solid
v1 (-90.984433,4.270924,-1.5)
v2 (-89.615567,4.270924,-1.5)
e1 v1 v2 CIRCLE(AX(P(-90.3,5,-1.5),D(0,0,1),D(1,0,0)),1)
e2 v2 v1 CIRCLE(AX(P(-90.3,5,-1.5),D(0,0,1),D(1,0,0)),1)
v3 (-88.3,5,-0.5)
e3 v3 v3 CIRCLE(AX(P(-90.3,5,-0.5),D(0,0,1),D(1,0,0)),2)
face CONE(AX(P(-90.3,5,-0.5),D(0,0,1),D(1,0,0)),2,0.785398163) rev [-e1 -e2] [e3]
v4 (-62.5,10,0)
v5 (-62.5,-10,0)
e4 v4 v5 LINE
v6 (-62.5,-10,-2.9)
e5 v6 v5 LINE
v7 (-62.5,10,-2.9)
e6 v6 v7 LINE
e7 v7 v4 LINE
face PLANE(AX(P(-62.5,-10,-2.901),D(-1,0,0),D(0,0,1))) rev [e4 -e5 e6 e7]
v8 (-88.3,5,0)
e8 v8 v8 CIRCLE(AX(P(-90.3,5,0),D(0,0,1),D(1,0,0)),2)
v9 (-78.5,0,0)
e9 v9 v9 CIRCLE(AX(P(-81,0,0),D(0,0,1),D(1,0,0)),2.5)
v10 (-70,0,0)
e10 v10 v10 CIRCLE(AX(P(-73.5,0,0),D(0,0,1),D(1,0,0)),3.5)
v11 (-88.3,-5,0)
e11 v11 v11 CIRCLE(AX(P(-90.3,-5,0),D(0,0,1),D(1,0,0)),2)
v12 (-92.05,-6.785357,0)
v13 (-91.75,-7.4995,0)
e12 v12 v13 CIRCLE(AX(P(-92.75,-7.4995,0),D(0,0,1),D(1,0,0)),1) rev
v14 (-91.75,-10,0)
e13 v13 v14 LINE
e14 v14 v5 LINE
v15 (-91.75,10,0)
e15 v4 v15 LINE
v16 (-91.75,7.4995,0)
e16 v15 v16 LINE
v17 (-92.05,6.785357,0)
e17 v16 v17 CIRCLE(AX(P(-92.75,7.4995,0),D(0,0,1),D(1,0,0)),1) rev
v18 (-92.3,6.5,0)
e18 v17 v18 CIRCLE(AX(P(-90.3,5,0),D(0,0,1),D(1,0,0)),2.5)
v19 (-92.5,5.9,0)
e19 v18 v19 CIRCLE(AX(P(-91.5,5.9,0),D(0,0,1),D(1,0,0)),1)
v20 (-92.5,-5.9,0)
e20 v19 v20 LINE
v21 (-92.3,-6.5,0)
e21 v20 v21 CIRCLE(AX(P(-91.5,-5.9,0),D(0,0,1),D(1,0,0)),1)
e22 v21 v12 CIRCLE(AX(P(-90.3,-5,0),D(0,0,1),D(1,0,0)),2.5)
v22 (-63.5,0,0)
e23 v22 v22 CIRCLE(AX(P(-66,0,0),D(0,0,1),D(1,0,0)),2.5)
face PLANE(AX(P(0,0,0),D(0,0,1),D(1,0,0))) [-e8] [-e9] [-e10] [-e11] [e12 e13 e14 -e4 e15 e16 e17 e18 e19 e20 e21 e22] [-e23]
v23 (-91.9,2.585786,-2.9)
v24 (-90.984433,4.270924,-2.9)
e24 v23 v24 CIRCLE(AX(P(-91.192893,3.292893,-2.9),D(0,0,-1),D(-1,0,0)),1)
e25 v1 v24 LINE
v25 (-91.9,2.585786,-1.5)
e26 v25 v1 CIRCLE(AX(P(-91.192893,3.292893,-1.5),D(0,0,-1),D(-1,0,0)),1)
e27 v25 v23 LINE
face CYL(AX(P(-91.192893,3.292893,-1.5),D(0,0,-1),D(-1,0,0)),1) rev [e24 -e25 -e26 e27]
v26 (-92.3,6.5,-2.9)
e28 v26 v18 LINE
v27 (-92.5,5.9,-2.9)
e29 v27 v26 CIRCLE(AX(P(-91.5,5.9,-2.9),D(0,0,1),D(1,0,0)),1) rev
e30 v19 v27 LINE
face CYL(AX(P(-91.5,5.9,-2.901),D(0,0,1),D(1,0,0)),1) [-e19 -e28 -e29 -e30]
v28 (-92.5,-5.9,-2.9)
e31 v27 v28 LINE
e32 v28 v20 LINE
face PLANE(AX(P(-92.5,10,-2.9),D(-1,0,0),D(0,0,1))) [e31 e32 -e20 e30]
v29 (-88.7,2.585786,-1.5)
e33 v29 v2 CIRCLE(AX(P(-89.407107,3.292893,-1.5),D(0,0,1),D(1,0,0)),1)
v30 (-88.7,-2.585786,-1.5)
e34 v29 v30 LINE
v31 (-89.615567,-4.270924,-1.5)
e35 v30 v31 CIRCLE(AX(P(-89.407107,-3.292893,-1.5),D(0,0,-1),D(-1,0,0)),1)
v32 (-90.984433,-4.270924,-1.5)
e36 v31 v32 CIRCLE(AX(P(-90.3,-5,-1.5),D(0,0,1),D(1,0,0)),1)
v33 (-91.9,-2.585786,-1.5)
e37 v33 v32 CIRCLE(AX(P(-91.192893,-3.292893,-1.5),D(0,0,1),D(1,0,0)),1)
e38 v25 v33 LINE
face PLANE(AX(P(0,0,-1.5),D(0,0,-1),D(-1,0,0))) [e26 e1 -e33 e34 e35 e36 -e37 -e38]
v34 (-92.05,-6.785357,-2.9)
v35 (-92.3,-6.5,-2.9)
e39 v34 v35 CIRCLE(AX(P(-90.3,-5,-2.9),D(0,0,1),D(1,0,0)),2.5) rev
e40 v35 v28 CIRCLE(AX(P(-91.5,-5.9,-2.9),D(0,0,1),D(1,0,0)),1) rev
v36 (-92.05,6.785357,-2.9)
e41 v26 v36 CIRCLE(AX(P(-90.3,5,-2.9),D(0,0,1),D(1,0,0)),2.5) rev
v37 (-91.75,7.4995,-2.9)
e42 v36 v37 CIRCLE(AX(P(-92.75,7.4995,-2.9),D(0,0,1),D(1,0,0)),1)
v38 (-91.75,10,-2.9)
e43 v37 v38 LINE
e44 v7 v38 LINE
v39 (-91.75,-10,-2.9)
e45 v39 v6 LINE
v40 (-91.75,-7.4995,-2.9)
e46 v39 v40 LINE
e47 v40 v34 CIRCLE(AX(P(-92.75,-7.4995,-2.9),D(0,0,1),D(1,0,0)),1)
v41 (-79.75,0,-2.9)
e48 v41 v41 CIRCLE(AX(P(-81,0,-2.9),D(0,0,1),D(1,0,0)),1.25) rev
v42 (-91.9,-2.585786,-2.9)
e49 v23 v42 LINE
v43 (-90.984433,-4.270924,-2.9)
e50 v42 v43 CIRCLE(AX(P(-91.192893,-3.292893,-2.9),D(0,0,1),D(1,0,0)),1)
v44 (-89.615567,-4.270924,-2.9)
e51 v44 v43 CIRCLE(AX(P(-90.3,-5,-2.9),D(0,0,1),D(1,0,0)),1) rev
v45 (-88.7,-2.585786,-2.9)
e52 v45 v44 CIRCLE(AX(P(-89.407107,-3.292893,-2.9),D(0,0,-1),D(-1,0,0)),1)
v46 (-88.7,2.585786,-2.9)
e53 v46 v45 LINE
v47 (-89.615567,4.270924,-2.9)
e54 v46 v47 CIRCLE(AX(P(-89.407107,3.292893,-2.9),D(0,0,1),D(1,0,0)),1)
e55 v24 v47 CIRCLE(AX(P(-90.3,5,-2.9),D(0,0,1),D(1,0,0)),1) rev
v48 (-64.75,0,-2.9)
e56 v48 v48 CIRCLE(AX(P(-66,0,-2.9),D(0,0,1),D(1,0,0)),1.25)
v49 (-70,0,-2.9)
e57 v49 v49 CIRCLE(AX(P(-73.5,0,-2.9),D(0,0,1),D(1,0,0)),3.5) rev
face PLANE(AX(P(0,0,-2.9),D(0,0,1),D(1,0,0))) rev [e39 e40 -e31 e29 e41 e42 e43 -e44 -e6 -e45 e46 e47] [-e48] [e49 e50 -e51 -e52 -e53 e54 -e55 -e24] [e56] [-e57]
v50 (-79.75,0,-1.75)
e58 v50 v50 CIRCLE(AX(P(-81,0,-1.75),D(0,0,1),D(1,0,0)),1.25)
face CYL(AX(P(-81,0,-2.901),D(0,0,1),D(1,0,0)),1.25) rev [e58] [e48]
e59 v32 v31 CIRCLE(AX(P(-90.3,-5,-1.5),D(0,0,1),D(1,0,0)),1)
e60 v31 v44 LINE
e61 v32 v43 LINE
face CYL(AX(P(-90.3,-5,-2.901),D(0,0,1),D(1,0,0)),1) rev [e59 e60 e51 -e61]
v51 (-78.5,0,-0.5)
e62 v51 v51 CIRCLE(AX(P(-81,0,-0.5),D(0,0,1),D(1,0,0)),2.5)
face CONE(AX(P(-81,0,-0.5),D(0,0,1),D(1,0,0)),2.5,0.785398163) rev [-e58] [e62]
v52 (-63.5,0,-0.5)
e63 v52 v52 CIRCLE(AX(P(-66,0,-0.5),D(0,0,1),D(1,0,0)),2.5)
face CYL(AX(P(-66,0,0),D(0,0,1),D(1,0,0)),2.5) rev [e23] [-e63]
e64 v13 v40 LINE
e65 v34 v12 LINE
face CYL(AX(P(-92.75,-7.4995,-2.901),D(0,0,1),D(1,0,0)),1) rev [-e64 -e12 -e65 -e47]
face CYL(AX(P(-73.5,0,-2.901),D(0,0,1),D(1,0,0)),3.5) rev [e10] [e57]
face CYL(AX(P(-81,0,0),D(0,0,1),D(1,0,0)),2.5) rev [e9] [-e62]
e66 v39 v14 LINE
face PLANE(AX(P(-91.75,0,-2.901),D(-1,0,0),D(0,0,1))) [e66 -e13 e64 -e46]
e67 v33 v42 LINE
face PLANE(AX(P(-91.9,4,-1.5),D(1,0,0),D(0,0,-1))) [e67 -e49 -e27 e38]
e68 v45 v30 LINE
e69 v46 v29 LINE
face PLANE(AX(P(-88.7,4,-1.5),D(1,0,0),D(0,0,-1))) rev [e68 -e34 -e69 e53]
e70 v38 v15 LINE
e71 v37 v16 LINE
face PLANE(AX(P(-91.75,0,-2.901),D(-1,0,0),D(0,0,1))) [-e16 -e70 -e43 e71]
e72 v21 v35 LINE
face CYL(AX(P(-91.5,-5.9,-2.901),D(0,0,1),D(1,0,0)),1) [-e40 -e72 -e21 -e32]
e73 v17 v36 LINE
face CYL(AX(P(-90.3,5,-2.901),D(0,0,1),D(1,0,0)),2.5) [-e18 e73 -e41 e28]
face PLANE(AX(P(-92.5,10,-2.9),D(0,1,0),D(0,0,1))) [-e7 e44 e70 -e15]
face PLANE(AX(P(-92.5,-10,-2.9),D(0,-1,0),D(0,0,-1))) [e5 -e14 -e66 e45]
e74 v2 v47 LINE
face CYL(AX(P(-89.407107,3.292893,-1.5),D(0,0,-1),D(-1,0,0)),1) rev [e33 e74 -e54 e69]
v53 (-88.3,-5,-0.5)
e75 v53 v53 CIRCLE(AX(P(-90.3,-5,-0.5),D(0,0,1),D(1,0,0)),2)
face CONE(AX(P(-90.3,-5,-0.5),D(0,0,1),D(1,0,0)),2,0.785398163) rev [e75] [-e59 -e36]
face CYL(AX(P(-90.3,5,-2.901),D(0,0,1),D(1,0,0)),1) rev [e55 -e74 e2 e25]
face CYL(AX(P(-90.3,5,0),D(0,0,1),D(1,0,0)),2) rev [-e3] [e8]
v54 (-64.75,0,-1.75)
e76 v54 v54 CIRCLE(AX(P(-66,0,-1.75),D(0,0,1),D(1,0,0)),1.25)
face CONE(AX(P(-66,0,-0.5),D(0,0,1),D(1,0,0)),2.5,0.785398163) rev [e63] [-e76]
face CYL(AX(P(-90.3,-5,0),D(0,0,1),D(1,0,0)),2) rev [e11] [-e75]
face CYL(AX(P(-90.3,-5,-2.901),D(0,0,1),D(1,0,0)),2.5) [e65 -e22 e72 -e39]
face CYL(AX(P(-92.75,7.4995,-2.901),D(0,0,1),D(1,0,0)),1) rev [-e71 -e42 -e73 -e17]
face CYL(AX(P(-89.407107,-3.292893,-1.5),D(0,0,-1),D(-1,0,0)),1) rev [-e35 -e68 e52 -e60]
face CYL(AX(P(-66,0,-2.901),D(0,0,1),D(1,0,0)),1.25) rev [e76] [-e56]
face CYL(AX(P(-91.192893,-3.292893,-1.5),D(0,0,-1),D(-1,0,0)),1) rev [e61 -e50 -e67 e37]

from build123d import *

# Parameters (mm, degrees)
SKETCH1_W                                      = 185
SKETCH1_H                                      = 20
BASE_SHAPE_DEPTH                               = 2.9
MOTOR_CUTOUTS_REACH                            = 95.084
SKETCH2_R                                      = 1.25
SKETCH2_R_2                                    = 3.5
SKETCH2_R_3                                    = 5
MOTOR_M2_5_COUNTERSUNKS_AT_2_COUNT             = 2
MOTOR_M2_5_COUNTERSUNKS_AT_2_PITCH             = 15
MOTOR_M2_5_COUNTERSUNKS_AT_3_COUNT             = 2
MOTOR_M2_5_COUNTERSUNKS_AT_3_PITCH             = 147.666008275
MOTOR_M2_5_COUNTERSUNKS_AT_4_COUNT             = 2
MOTOR_M2_5_COUNTERSUNKS_AT_4_PITCH             = 161.651631603
MOTOR_M2_5_COUNTERSUNKS_AT_5_COUNT             = 2
MOTOR_M2_5_COUNTERSUNKS_AT_5_PITCH             = 147.666008275
MOTOR_M2_5_COUNTERSUNKS_AT_6_COUNT             = 2
MOTOR_M2_5_COUNTERSUNKS_AT_6_PITCH             = 161.651631603
PCB_SLOT_DEPTH                                 = 0.775
END_PLATE_HOLES_REACH                          = 95.084
SKETCH6_R                                      = 1
CSK_FOR_M2_FLAT_HEAD_MACHINE_SCREW3_AT_2_COUNT = 2
CSK_FOR_M2_FLAT_HEAD_MACHINE_SCREW3_AT_2_PITCH = 10
CSK_FOR_M2_FLAT_HEAD_MACHINE_SCREW3_AT_3_COUNT = 2
CSK_FOR_M2_FLAT_HEAD_MACHINE_SCREW3_AT_3_PITCH = 180.6
CSK_FOR_M2_FLAT_HEAD_MACHINE_SCREW3_AT_4_COUNT = 2
CSK_FOR_M2_FLAT_HEAD_MACHINE_SCREW3_AT_4_PITCH = 180.876643047
TAP_SLOTS_DEPTH                                = 1.4
CUT_EXTRUDE3_REACH                             = 95.084
FILLET1_R                                      = 1
CUT_EXTRUDE4_REACH                             = 95.084
SKETCH14_W                                     = 155
SKETCH14_H                                     = 20


with BuildPart() as part:
    # Sketch1 → Base shape (new body)
    with BuildSketch(Plane.XY):
        Rectangle(SKETCH1_W, SKETCH1_H)
    extrude(amount=-BASE_SHAPE_DEPTH)

    # Sketch2 → Motor cutouts (cut, up to next)
    with BuildSketch(Plane.XY, mode=Mode.PRIVATE) as motor_cutouts_sk1:
        with Locations((-81, 0)):
            Circle(SKETCH2_R)
    motor_cutouts_tool1 = extrude(motor_cutouts_sk1.sketch, amount=-MOTOR_CUTOUTS_REACH, mode=Mode.PRIVATE) & part.part
    # Sketch2 → Motor cutouts (cut, up to next)
    with BuildSketch(Plane.XY, mode=Mode.PRIVATE) as motor_cutouts_sk2:
        with Locations((-66, 0)):
            Circle(SKETCH2_R)
    motor_cutouts_tool2 = extrude(motor_cutouts_sk2.sketch, amount=-MOTOR_CUTOUTS_REACH, mode=Mode.PRIVATE) & part.part
    # Sketch2 → Motor cutouts (cut, up to next)
    with BuildSketch(Plane.XY, mode=Mode.PRIVATE) as motor_cutouts_sk3:
        with Locations((-73.5, 0)):
            Circle(SKETCH2_R_2)
    motor_cutouts_tool3 = extrude(motor_cutouts_sk3.sketch, amount=-MOTOR_CUTOUTS_REACH, mode=Mode.PRIVATE) & part.part
    # Sketch2 → Motor cutouts (cut, up to next)
    with BuildSketch(Plane.XY, mode=Mode.PRIVATE) as motor_cutouts_sk4:
        with Locations((73.5, 0)):
            Circle(SKETCH2_R_3)
    motor_cutouts_tool4 = extrude(motor_cutouts_sk4.sketch, amount=-MOTOR_CUTOUTS_REACH, mode=Mode.PRIVATE) & part.part
    # Sketch2 → Motor cutouts (cut, up to next)
    with BuildSketch(Plane.XY, mode=Mode.PRIVATE) as motor_cutouts_sk5:
        with Locations((66.5, 7)):
            Circle(SKETCH2_R)
    motor_cutouts_tool5 = extrude(motor_cutouts_sk5.sketch, amount=-MOTOR_CUTOUTS_REACH, mode=Mode.PRIVATE) & part.part
    # Sketch2 → Motor cutouts (cut, up to next)
    with BuildSketch(Plane.XY, mode=Mode.PRIVATE) as motor_cutouts_sk6:
        with Locations((80.5, 7)):
            Circle(SKETCH2_R)
    motor_cutouts_tool6 = extrude(motor_cutouts_sk6.sketch, amount=-MOTOR_CUTOUTS_REACH, mode=Mode.PRIVATE) & part.part
    # Sketch2 → Motor cutouts (cut, up to next)
    with BuildSketch(Plane.XY, mode=Mode.PRIVATE) as motor_cutouts_sk7:
        with Locations((80.5, -7)):
            Circle(SKETCH2_R)
    motor_cutouts_tool7 = extrude(motor_cutouts_sk7.sketch, amount=-MOTOR_CUTOUTS_REACH, mode=Mode.PRIVATE) & part.part
    # Sketch2 → Motor cutouts (cut, up to next)
    with BuildSketch(Plane.XY, mode=Mode.PRIVATE) as motor_cutouts_sk8:
        with Locations((66.5, -7)):
            Circle(SKETCH2_R)
    motor_cutouts_tool8 = extrude(motor_cutouts_sk8.sketch, amount=-MOTOR_CUTOUTS_REACH, mode=Mode.PRIVATE) & part.part
    add(motor_cutouts_tool1.solids().sort_by_distance((-81, 0, 0))[0], mode=Mode.SUBTRACT)
    add(motor_cutouts_tool2.solids().sort_by_distance((-66, 0, 0))[0], mode=Mode.SUBTRACT)
    add(motor_cutouts_tool3.solids().sort_by_distance((-73.5, 0, 0))[0], mode=Mode.SUBTRACT)
    add(motor_cutouts_tool4.solids().sort_by_distance((73.5, 0, 0))[0], mode=Mode.SUBTRACT)
    add(motor_cutouts_tool5.solids().sort_by_distance((66.5, 7, 0))[0], mode=Mode.SUBTRACT)
    add(motor_cutouts_tool6.solids().sort_by_distance((80.5, 7, 0))[0], mode=Mode.SUBTRACT)
    add(motor_cutouts_tool7.solids().sort_by_distance((80.5, -7, 0))[0], mode=Mode.SUBTRACT)
    add(motor_cutouts_tool8.solids().sort_by_distance((66.5, -7, 0))[0], mode=Mode.SUBTRACT)

    # Sketch4 → Motor M2.5 countersunks (revolve, cut)
    with BuildSketch(Plane(origin=(-81, 0, 0), x_dir=(0, -1, 0), z_dir=(1, 0, 0))):
        Polygon((0, 0), (0, 2.9), (1.25, 2.9), (1.25, 1.75), (2.5, 0.5), (2.5, 0), align=None)
    motor_m2_5_countersunks = revolve(axis=Axis((-81, 0, 6.35), (0, 0, -1)), mode=Mode.SUBTRACT)

    # Motor M2.5 countersunks at 2: Motor M2.5 countersunks ×2
    with Locations(*[(i * MOTOR_M2_5_COUNTERSUNKS_AT_2_PITCH, 0, 0) for i in range(1, MOTOR_M2_5_COUNTERSUNKS_AT_2_COUNT)]):
        add(motor_m2_5_countersunks, mode=Mode.SUBTRACT)

    # Motor M2.5 countersunks at 3: Motor M2.5 countersunks ×2
    with Locations(*[Vector(0.9988757854473691, 0.047404274563603965, 0) * (i * MOTOR_M2_5_COUNTERSUNKS_AT_3_PITCH) for i in range(1, MOTOR_M2_5_COUNTERSUNKS_AT_3_COUNT)]):
        add(motor_m2_5_countersunks, mode=Mode.SUBTRACT)

    # Motor M2.5 countersunks at 4: Motor M2.5 countersunks ×2
    with Locations(*[Vector(0.9990619853213468, 0.043302996267798335, 0) * (i * MOTOR_M2_5_COUNTERSUNKS_AT_4_PITCH) for i in range(1, MOTOR_M2_5_COUNTERSUNKS_AT_4_COUNT)]):
        add(motor_m2_5_countersunks, mode=Mode.SUBTRACT)

    # Motor M2.5 countersunks at 5: Motor M2.5 countersunks ×2
    with Locations(*[Vector(0.9988757854473691, -0.04740427456360395, 0) * (i * MOTOR_M2_5_COUNTERSUNKS_AT_5_PITCH) for i in range(1, MOTOR_M2_5_COUNTERSUNKS_AT_5_COUNT)]):
        add(motor_m2_5_countersunks, mode=Mode.SUBTRACT)

    # Motor M2.5 countersunks at 6: Motor M2.5 countersunks ×2
    with Locations(*[Vector(0.9990619853213468, -0.0433029962677983, 0) * (i * MOTOR_M2_5_COUNTERSUNKS_AT_6_PITCH) for i in range(1, MOTOR_M2_5_COUNTERSUNKS_AT_6_COUNT)]):
        add(motor_m2_5_countersunks, mode=Mode.SUBTRACT)

    # Sketch5 → PCB slot (cut)
    with BuildSketch(Plane(origin=(0, 0, -2.9), x_dir=(-1, 0, 0), z_dir=(0, 0, -1))):
        with BuildLine():
            Line((-60, -6), (60, -6))
            ThreePointArc((60, -6), (61, -7), (60, -8))
            Line((60, -8), (-60, -8))
            ThreePointArc((-60, -8), (-61, -7), (-60, -6))
        make_face()
    extrude(amount=-PCB_SLOT_DEPTH, mode=Mode.SUBTRACT)

    # Sketch6 → End plate holes (cut, up to next)
    with BuildSketch(Plane.XY, mode=Mode.PRIVATE) as end_plate_holes_sk1:
        with Locations((90.3, 5)):
            Circle(SKETCH6_R)
    end_plate_holes_tool1 = extrude(end_plate_holes_sk1.sketch, amount=-END_PLATE_HOLES_REACH, mode=Mode.PRIVATE) & part.part
    # Sketch6 → End plate holes (cut, up to next)
    with BuildSketch(Plane.XY, mode=Mode.PRIVATE) as end_plate_holes_sk2:
        with Locations((90.3, -5)):
            Circle(SKETCH6_R)
    end_plate_holes_tool2 = extrude(end_plate_holes_sk2.sketch, amount=-END_PLATE_HOLES_REACH, mode=Mode.PRIVATE) & part.part
    # Sketch6 → End plate holes (cut, up to next)
    with BuildSketch(Plane.XY, mode=Mode.PRIVATE) as end_plate_holes_sk3:
        with Locations((-90.3, -5)):
            Circle(SKETCH6_R)
    end_plate_holes_tool3 = extrude(end_plate_holes_sk3.sketch, amount=-END_PLATE_HOLES_REACH, mode=Mode.PRIVATE) & part.part
    # Sketch6 → End plate holes (cut, up to next)
    with BuildSketch(Plane.XY, mode=Mode.PRIVATE) as end_plate_holes_sk4:
        with Locations((-90.3, 5)):
            Circle(SKETCH6_R)
    end_plate_holes_tool4 = extrude(end_plate_holes_sk4.sketch, amount=-END_PLATE_HOLES_REACH, mode=Mode.PRIVATE) & part.part
    add(end_plate_holes_tool1.solids().sort_by_distance((90.3, 5, 0))[0], mode=Mode.SUBTRACT)
    add(end_plate_holes_tool2.solids().sort_by_distance((90.3, -5, 0))[0], mode=Mode.SUBTRACT)
    add(end_plate_holes_tool3.solids().sort_by_distance((-90.3, -5, 0))[0], mode=Mode.SUBTRACT)
    add(end_plate_holes_tool4.solids().sort_by_distance((-90.3, 5, 0))[0], mode=Mode.SUBTRACT)

    # Sketch9 → CSK for M2 Flat Head Machine Screw3 (revolve, cut)
    with BuildSketch(Plane(origin=(90.3, 5, 0), x_dir=(0, -1, 0), z_dir=(1, 0, 0))):
        Polygon((0, 0), (0, 2.9), (1, 2.9), (1, 1.5), (2, 0.5), (2, 0), align=None)
    csk_for_m2_flat_head_machine_screw3 = revolve(axis=Axis((90.3, 5, 6.35), (0, 0, -1)), mode=Mode.SUBTRACT)

    # CSK for M2 Flat Head Machine Screw3 at 2: CSK for M2 Flat Head Machine Screw3 ×2
    with Locations(*[(0, -i * CSK_FOR_M2_FLAT_HEAD_MACHINE_SCREW3_AT_2_PITCH, 0) for i in range(1, CSK_FOR_M2_FLAT_HEAD_MACHINE_SCREW3_AT_2_COUNT)]):
        add(csk_for_m2_flat_head_machine_screw3, mode=Mode.SUBTRACT)

    # CSK for M2 Flat Head Machine Screw3 at 3: CSK for M2 Flat Head Machine Screw3 ×2
    with Locations(*[(-i * CSK_FOR_M2_FLAT_HEAD_MACHINE_SCREW3_AT_3_PITCH, 0, 0) for i in range(1, CSK_FOR_M2_FLAT_HEAD_MACHINE_SCREW3_AT_3_COUNT)]):
        add(csk_for_m2_flat_head_machine_screw3, mode=Mode.SUBTRACT)

    # CSK for M2 Flat Head Machine Screw3 at 4: CSK for M2 Flat Head Machine Screw3 ×2
    with Locations(*[Vector(-0.9984705430039356, -0.055286298062233535, 0) * (i * CSK_FOR_M2_FLAT_HEAD_MACHINE_SCREW3_AT_4_PITCH) for i in range(1, CSK_FOR_M2_FLAT_HEAD_MACHINE_SCREW3_AT_4_COUNT)]):
        add(csk_for_m2_flat_head_machine_screw3, mode=Mode.SUBTRACT)

    # Sketch12 → Tap slots (cut)
    with BuildSketch(Plane(origin=(0, 0, -2.9), x_dir=(-1, 0, 0), z_dir=(0, 0, -1))):
        with BuildLine():
            ThreePointArc((-90.984432764, 4.270924015), (-92.07157644, 3.770298494), (-91.9, 2.585786438))
            Line((-91.9, 2.585786438), (-91.9, -2.585786438))
            ThreePointArc((-91.9, -2.585786438), (-92.07157644, -3.770298494), (-90.984432764, -4.270924015))
            ThreePointArc((-90.984432764, -4.270924015), (-90.3, -4), (-89.615567236, -4.270924015))
            ThreePointArc((-89.615567236, -4.270924015), (-88.52842356, -3.770298494), (-88.7, -2.585786438))
            Line((-88.7, -2.585786438), (-88.7, 2.585786438))
            ThreePointArc((-88.7, 2.585786438), (-88.52842356, 3.770298494), (-89.615567236, 4.270924015))
            ThreePointArc((-89.615567236, 4.270924015), (-90.3, 4), (-90.984432764, 4.270924015))
        make_face()
        with BuildLine():
            ThreePointArc((90.984432764, -4.270924015), (92.07157644, -3.770298494), (91.9, -2.585786438))
            Line((91.9, -2.585786438), (91.9, 2.585786438))
            ThreePointArc((91.9, 2.585786438), (92.07157644, 3.770298494), (90.984432764, 4.270924015))
            ThreePointArc((90.984432764, 4.270924015), (90.3, 4), (89.615567236, 4.270924015))
            ThreePointArc((89.615567236, 4.270924015), (88.52842356, 3.770298494), (88.7, 2.585786438))
            Line((88.7, 2.585786438), (88.7, -2.585786438))
            ThreePointArc((88.7, -2.585786438), (88.52842356, -3.770298494), (89.615567236, -4.270924015))
            ThreePointArc((89.615567236, -4.270924015), (90.3, -4), (90.984432764, -4.270924015))
        make_face()
    extrude(amount=-TAP_SLOTS_DEPTH, mode=Mode.SUBTRACT)

    # Sketch13 → Cut-Extrude3 (cut, up to next)
    with BuildSketch(Plane.XY, mode=Mode.PRIVATE) as cut_extrude3_sk1:
        with BuildLine():
            Line((-91.75, 10), (-92.5, 10))
            Line((-92.5, 10), (-92.5, 6.187434209))
            ThreePointArc((-92.5, 6.187434209), (-92.173731748, 6.655031521), (-91.75, 7.036541185))
            Line((-91.75, 7.036541185), (-91.75, 10))
        make_face()
    cut_extrude3_tool1 = extrude(cut_extrude3_sk1.sketch, amount=-CUT_EXTRUDE3_REACH, mode=Mode.PRIVATE) & part.part
    # Sketch13 → Cut-Extrude3 (cut, up to next)
    with BuildSketch(Plane.XY, mode=Mode.PRIVATE) as cut_extrude3_sk2:
        with BuildLine():
            ThreePointArc((-91.75, -7.036541185), (-92.173731748, -6.655031521), (-92.5, -6.187434209))
            Line((-92.5, -6.187434209), (-92.5, -10))
            Line((-92.5, -10), (-91.75, -10))
            Line((-91.75, -10), (-91.75, -7.036541185))
        make_face()
    cut_extrude3_tool2 = extrude(cut_extrude3_sk2.sketch, amount=-CUT_EXTRUDE3_REACH, mode=Mode.PRIVATE) & part.part
    # Sketch13 → Cut-Extrude3 (cut, up to next)
    with BuildSketch(Plane.XY, mode=Mode.PRIVATE) as cut_extrude3_sk3:
        with BuildLine():
            Line((92.5, 10), (91.75, 10))
            Line((91.75, 10), (91.75, 7.036541185))
            ThreePointArc((91.75, 7.036541185), (92.173731748, 6.655031521), (92.5, 6.187434209))
            Line((92.5, 6.187434209), (92.5, 10))
        make_face()
    cut_extrude3_tool3 = extrude(cut_extrude3_sk3.sketch, amount=-CUT_EXTRUDE3_REACH, mode=Mode.PRIVATE) & part.part
    # Sketch13 → Cut-Extrude3 (cut, up to next)
    with BuildSketch(Plane.XY, mode=Mode.PRIVATE) as cut_extrude3_sk4:
        with BuildLine():
            ThreePointArc((92.5, -6.187434209), (92.173731748, -6.655031521), (91.75, -7.036541185))
            Line((91.75, -7.036541185), (91.75, -10))
            Line((91.75, -10), (92.5, -10))
            Line((92.5, -10), (92.5, -6.187434209))
        make_face()
    cut_extrude3_tool4 = extrude(cut_extrude3_sk4.sketch, amount=-CUT_EXTRUDE3_REACH, mode=Mode.PRIVATE) & part.part
    add(cut_extrude3_tool1.solids().sort_by_distance((-92.140588, 8.330084, 0))[0], mode=Mode.SUBTRACT)
    add(cut_extrude3_tool2.solids().sort_by_distance((-92.140588, -8.330084, 0))[0], mode=Mode.SUBTRACT)
    add(cut_extrude3_tool3.solids().sort_by_distance((92.140588, 8.330084, 0))[0], mode=Mode.SUBTRACT)
    add(cut_extrude3_tool4.solids().sort_by_distance((92.140588, -8.330084, 0))[0], mode=Mode.SUBTRACT)

    # Fillet1
    fillet1_edges = [part.edges().sort_by_distance(p)[0] for p in [
        (-91.75, 7.036541185, -1.45),
        (-92.5, 6.187434209, -1.45),
        (-92.5, -6.187434209, -1.45),
        (-91.75, -7.036541185, -1.45),
        (91.75, 7.036541185, -1.45),
        (92.5, 6.187434209, -1.45),
        (92.5, -6.187434209, -1.45),
        (91.75, -7.036541185, -1.45),
    ]]
    fillet(fillet1_edges, radius=FILLET1_R)

    # Sketch14 → Cut-Extrude4 (cut, up to next)
    with BuildSketch(Plane.XY, mode=Mode.PRIVATE) as cut_extrude4_sk1:
        with Locations((15, 0)):
            Rectangle(SKETCH14_W, SKETCH14_H)
    cut_extrude4_tool1 = extrude(cut_extrude4_sk1.sketch, amount=-CUT_EXTRUDE4_REACH, mode=Mode.PRIVATE) & part.part
    add(cut_extrude4_tool1.solids().sort_by_distance((15, 0, 0))[0], mode=Mode.SUBTRACT)


solid = part.part
